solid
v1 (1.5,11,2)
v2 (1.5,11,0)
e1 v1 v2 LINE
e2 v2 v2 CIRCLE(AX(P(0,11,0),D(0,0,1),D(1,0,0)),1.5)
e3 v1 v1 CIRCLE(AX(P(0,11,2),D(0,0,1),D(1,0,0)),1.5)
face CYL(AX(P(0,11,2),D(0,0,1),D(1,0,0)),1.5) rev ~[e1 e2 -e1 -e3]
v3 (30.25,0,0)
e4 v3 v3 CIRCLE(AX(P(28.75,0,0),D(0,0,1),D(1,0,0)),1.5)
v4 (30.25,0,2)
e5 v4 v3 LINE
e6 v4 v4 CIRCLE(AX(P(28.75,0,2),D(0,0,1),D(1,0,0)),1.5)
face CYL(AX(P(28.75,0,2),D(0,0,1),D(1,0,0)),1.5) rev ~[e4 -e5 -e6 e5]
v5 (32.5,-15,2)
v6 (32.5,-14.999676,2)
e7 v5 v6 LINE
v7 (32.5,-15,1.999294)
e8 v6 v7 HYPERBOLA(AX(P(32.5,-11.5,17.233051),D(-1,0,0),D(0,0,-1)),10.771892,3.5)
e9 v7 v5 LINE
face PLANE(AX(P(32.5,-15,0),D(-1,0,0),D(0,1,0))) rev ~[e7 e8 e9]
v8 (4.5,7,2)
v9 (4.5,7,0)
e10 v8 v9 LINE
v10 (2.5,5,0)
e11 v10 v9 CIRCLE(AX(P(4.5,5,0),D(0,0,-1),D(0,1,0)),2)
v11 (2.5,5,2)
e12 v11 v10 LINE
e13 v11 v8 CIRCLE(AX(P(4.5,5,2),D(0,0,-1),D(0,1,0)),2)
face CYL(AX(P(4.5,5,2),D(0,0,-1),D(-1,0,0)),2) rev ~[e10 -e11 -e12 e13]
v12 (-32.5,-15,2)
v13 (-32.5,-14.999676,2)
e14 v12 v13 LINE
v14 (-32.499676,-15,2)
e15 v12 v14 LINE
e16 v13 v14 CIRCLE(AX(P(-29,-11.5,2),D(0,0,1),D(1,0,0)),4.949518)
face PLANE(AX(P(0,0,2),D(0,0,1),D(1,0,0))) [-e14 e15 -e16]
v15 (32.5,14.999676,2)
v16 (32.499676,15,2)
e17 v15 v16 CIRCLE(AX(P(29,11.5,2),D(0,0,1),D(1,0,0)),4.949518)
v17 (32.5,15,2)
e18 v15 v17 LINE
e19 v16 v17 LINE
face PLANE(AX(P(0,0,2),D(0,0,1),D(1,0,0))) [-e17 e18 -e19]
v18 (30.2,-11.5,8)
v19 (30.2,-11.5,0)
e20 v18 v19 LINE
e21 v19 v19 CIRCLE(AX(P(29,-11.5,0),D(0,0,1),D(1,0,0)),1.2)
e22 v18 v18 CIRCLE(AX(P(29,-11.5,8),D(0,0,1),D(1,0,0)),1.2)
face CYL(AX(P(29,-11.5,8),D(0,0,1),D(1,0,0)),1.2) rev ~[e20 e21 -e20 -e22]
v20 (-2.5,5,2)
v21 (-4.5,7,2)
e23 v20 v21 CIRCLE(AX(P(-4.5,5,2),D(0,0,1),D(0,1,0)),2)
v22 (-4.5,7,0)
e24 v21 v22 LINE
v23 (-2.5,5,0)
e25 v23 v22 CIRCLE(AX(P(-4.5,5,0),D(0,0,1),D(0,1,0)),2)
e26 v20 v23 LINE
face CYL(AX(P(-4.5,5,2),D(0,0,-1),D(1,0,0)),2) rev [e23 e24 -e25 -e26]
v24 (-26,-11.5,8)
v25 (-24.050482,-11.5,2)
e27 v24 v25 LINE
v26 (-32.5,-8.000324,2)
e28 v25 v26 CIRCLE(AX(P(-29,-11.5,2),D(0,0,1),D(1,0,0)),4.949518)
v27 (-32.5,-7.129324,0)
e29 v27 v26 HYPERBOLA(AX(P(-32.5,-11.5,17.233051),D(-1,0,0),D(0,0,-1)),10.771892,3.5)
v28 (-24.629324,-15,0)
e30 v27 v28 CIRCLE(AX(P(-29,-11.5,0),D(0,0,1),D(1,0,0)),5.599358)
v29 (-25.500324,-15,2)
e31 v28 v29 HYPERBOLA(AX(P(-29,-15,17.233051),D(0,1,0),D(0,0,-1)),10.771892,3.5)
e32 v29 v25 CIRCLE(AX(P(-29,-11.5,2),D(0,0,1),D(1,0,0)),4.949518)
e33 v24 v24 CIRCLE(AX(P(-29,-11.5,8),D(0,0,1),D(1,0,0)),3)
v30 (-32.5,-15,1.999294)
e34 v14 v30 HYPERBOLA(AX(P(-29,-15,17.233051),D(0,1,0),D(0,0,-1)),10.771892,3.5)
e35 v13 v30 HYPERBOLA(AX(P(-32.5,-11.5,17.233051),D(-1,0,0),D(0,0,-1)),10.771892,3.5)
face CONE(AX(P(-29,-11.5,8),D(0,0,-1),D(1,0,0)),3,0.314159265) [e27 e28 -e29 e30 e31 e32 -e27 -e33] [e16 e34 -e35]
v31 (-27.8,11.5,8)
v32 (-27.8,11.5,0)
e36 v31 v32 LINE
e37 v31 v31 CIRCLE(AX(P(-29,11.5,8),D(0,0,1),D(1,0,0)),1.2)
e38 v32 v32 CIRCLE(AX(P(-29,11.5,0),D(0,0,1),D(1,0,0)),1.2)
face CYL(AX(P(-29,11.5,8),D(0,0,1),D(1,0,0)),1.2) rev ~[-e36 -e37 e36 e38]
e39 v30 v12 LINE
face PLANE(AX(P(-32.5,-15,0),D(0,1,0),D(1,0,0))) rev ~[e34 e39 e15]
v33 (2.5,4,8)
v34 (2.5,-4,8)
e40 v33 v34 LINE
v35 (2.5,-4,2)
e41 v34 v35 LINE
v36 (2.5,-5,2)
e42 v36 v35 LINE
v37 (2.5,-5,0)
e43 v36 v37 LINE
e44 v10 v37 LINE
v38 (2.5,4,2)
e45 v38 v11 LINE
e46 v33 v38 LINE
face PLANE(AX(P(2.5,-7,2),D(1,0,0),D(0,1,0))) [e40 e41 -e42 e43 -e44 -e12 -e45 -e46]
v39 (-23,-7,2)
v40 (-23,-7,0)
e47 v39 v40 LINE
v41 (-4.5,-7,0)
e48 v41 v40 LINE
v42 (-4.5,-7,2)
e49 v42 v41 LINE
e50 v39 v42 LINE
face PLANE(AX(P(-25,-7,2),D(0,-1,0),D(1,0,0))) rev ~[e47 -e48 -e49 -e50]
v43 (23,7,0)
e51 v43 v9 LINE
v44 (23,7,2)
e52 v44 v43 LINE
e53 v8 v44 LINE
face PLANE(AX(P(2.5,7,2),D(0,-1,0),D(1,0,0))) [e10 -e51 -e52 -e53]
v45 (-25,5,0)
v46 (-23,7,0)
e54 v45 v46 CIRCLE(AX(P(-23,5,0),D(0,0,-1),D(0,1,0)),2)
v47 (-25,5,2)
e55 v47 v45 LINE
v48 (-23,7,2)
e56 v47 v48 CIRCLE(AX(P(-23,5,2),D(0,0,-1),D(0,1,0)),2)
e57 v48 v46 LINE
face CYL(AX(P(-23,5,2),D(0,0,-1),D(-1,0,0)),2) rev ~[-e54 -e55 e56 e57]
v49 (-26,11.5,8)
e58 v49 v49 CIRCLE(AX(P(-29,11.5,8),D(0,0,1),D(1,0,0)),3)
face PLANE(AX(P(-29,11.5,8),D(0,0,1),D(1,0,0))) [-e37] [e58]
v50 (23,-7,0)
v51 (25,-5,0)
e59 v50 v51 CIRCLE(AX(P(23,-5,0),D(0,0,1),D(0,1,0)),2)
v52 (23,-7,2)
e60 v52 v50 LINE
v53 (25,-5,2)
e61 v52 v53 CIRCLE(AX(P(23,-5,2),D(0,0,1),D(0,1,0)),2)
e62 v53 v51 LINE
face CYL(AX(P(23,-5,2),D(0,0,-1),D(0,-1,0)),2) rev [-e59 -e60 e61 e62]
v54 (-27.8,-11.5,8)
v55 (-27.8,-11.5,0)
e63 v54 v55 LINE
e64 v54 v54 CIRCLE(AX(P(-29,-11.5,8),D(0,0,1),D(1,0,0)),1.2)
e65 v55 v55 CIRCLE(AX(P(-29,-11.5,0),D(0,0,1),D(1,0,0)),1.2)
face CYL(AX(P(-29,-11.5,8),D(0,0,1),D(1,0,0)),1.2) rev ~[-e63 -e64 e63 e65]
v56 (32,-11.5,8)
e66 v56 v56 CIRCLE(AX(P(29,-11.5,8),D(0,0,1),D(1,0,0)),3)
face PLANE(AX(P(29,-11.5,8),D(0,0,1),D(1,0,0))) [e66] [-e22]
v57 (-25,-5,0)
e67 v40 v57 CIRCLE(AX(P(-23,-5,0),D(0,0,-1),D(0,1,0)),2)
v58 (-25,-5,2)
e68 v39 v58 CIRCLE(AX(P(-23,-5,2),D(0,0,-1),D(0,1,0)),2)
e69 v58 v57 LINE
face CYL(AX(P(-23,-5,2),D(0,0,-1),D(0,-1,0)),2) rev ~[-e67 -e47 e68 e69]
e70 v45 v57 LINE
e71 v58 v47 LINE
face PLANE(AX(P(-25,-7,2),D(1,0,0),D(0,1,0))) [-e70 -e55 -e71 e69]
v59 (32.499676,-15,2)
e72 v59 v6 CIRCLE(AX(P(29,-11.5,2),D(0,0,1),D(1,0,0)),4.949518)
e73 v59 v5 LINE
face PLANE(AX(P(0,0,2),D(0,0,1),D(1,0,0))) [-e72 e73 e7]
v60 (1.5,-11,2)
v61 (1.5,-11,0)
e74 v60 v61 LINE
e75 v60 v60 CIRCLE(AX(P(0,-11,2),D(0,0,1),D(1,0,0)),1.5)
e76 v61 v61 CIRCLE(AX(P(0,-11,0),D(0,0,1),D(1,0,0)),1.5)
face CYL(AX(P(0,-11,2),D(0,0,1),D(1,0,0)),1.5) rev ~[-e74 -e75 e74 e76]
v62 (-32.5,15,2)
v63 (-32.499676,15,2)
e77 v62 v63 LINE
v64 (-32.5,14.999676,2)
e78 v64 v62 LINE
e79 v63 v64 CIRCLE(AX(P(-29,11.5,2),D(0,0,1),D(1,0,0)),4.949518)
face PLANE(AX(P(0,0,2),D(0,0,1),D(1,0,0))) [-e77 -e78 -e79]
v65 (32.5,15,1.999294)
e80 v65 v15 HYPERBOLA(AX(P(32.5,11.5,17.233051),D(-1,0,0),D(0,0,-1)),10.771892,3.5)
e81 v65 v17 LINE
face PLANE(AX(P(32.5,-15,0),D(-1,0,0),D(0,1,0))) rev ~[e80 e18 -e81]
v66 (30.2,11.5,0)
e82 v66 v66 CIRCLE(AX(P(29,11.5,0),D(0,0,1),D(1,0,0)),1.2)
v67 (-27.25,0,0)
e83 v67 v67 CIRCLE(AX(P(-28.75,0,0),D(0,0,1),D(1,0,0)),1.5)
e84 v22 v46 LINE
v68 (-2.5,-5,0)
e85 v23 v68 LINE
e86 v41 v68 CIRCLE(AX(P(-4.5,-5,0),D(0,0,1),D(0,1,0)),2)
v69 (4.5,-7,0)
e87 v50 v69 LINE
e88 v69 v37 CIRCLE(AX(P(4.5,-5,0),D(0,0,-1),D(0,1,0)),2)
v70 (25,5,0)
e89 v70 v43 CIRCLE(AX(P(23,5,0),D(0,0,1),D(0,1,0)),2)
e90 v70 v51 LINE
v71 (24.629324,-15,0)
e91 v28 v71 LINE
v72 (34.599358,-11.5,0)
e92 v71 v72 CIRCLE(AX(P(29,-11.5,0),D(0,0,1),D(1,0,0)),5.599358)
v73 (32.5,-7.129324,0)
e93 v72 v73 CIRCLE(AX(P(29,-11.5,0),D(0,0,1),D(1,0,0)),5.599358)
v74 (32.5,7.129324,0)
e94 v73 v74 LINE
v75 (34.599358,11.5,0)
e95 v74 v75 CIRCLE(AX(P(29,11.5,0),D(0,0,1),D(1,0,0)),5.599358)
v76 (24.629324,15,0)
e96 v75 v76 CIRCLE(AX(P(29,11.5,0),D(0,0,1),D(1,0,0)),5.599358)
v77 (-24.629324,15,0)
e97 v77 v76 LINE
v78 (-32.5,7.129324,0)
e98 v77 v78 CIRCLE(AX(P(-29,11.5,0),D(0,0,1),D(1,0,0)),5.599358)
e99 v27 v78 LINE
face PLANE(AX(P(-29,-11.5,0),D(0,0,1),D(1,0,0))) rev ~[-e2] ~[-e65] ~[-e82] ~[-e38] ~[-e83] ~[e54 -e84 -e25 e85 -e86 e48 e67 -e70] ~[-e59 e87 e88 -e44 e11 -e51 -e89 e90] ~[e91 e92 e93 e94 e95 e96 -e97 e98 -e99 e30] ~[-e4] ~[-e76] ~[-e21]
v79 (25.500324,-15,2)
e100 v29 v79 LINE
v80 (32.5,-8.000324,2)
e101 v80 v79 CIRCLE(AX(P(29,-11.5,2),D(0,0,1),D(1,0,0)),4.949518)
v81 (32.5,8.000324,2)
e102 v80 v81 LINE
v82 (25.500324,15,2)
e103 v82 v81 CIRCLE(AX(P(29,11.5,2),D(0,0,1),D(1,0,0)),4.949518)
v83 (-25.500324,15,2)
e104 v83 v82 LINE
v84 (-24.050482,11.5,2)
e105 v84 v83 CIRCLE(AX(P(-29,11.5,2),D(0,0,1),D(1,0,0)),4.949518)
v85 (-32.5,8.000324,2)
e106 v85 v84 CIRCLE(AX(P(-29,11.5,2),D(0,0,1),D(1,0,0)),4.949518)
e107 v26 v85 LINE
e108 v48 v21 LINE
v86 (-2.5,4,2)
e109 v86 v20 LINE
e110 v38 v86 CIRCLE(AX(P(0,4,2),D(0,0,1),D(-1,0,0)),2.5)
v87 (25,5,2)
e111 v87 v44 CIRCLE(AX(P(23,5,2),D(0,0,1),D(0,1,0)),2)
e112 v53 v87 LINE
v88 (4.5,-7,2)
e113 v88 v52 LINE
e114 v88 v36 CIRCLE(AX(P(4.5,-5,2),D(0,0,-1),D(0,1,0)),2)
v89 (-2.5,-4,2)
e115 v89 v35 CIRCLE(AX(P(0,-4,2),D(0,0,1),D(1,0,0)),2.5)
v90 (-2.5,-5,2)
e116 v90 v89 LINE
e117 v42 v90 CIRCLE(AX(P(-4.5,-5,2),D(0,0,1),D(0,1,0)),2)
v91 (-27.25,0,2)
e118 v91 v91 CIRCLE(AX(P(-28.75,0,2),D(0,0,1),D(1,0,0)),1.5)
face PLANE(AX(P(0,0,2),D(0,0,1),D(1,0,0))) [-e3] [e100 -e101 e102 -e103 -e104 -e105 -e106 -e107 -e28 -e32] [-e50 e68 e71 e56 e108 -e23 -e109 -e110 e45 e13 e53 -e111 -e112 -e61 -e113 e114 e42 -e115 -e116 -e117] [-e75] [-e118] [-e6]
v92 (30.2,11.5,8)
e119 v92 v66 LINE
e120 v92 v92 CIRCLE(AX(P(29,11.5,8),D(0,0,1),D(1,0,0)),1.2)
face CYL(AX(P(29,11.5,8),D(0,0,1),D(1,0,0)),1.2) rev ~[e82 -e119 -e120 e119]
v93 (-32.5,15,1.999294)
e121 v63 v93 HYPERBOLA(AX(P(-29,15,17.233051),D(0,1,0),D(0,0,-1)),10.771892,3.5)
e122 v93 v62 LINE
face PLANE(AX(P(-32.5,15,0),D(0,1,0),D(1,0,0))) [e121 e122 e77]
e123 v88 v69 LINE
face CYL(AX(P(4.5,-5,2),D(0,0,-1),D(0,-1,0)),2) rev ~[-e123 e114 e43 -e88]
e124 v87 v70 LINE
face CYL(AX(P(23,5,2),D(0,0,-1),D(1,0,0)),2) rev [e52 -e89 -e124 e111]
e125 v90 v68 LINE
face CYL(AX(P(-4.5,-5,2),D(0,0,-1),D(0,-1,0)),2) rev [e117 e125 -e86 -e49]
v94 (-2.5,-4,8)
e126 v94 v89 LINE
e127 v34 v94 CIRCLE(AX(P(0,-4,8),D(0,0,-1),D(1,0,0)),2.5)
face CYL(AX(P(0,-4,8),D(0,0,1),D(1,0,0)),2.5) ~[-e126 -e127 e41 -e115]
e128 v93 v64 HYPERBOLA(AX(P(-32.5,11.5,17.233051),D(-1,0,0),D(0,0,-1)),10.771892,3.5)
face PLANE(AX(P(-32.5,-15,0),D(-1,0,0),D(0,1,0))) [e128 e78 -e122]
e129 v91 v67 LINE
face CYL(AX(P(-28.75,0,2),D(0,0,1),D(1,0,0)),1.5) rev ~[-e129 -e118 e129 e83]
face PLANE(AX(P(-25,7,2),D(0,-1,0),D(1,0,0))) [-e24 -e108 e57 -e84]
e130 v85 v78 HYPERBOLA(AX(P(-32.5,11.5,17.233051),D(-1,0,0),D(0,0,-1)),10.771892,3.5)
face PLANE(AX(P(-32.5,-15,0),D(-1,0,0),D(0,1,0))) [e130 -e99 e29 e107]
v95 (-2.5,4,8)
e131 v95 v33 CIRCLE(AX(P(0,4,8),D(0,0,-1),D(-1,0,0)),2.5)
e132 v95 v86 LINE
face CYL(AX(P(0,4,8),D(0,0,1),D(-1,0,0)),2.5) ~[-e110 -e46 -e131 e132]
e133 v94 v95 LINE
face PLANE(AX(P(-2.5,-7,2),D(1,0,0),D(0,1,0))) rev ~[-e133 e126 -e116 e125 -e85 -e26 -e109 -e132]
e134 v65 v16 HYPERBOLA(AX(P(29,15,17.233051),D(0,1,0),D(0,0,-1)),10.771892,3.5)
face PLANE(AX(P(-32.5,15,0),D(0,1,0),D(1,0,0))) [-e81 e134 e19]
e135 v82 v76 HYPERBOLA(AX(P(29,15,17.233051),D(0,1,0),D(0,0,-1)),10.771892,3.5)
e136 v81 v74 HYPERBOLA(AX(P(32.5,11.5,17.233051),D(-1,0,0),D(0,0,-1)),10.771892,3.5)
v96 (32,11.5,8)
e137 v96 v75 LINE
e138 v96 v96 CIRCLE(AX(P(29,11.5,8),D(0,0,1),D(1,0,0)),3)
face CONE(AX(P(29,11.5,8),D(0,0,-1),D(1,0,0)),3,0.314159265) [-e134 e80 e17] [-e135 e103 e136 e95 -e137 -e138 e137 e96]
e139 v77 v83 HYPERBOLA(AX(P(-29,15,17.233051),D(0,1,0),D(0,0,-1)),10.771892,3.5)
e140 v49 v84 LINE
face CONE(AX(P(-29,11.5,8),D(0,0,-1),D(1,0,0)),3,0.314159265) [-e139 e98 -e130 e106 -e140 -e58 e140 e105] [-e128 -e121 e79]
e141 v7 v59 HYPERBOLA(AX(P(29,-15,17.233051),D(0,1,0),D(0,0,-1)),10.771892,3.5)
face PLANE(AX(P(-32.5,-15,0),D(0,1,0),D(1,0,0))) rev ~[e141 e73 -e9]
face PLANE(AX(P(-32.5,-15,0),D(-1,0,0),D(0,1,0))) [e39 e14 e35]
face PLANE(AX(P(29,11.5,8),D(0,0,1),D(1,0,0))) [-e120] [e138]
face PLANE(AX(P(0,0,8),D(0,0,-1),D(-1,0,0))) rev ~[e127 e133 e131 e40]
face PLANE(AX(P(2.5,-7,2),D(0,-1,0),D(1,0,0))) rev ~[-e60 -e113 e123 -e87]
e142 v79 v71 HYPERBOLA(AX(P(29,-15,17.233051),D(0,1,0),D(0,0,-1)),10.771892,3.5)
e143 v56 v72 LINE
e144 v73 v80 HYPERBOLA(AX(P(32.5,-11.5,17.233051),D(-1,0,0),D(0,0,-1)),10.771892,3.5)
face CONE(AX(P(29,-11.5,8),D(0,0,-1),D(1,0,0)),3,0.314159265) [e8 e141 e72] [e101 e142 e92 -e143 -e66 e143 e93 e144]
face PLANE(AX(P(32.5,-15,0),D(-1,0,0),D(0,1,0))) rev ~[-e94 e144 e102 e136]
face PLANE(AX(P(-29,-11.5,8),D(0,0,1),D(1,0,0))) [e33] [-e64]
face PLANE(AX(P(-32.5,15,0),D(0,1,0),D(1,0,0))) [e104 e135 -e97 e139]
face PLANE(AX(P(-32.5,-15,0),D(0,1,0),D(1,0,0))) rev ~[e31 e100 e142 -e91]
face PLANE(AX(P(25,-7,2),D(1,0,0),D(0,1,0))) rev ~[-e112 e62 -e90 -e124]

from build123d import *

# Parameters (mm, degrees)
ESQUISSE1_W                  = 65
ESQUISSE1_H                  = 30
BOSS_EXTRU_1_DEPTH           = 2
ESQUISSE2_R                  = 3
BOSS_EXTRU_2_DEPTH           = 8
BOSS_EXTRU_2_DRAFT           = 18
BOSS_EXTRU_2_PROFILE_2_DEPTH = 8
BOSS_EXTRU_2_PROFILE_2_DRAFT = 18
BOSS_EXTRU_2_PROFILE_3_DEPTH = 8
BOSS_EXTRU_2_PROFILE_3_DRAFT = 18
BOSS_EXTRU_2_PROFILE_4_DEPTH = 8
BOSS_EXTRU_2_PROFILE_4_DRAFT = 18
ENL_V_MAT_EXTRU_2_REACH      = 41.058
ESQUISSE4_W                  = 22.5
ESQUISSE4_H                  = 14
ENL_V_MAT_EXTRU_3_REACH      = 41.058
ESQUISSE5_R                  = 1.5
CONG_1_R                     = 2
BOSS_EXTRU_3_REACH           = 41.415
ENL_V_MAT_EXTRU_4_REACH      = 41.415
ESQUISSE7_R                  = 1.2


with BuildPart() as part:
    # Esquisse1 → Boss.-Extru.1 (new body)
    with BuildSketch(Plane.XY):
        Rectangle(ESQUISSE1_W, ESQUISSE1_H)
    extrude(amount=BOSS_EXTRU_1_DEPTH)


with BuildPart() as boss_extru_2_tool:
    # Esquisse2 → Boss.-Extru.2 (with draft: the straight prism first)
    with BuildSketch(Plane.XY.offset(8)):
        with Locations((-29, 11.5)):
            Circle(ESQUISSE2_R)
    extrude(amount=-BOSS_EXTRU_2_DEPTH)
    # Boss.-Extru.2: the draft: its side faces are tilted about the plane it starts from
    boss_extru_2_sides = [boss_extru_2_tool.faces().sort_by_distance(p)[0] for p in [
        (-32, 11.5, 4),
    ]]
    draft(boss_extru_2_sides, Plane.XY.offset(8), BOSS_EXTRU_2_DRAFT)


with BuildPart() as part_1:
    add(part.part)

    # Boss.-Extru.2: add boss_extru_2_tool
    add(boss_extru_2_tool.part)


with BuildPart() as boss_extru_2_profile_2_tool:
    # Esquisse2 → Boss.-Extru.2 profile 2 (with draft: the straight prism first)
    with BuildSketch(Plane.XY.offset(8)):
        with Locations((29, 11.5)):
            Circle(ESQUISSE2_R)
    extrude(amount=-BOSS_EXTRU_2_PROFILE_2_DEPTH)
    # Boss.-Extru.2 profile 2: the draft: its side faces are tilted about the plane it starts from
    boss_extru_2_profile_2_sides = [boss_extru_2_profile_2_tool.faces().sort_by_distance(p)[0] for p in [
        (26, 11.5, 4),
    ]]
    draft(boss_extru_2_profile_2_sides, Plane.XY.offset(8), BOSS_EXTRU_2_PROFILE_2_DRAFT)


with BuildPart() as part_2:
    add(part_1.part)

    # Boss.-Extru.2 profile 2: add boss_extru_2_profile_2_tool
    add(boss_extru_2_profile_2_tool.part)


with BuildPart() as boss_extru_2_profile_3_tool:
    # Esquisse2 → Boss.-Extru.2 profile 3 (with draft: the straight prism first)
    with BuildSketch(Plane.XY.offset(8)):
        with Locations((29, -11.5)):
            Circle(ESQUISSE2_R)
    extrude(amount=-BOSS_EXTRU_2_PROFILE_3_DEPTH)
    # Boss.-Extru.2 profile 3: the draft: its side faces are tilted about the plane it starts from
    boss_extru_2_profile_3_sides = [boss_extru_2_profile_3_tool.faces().sort_by_distance(p)[0] for p in [
        (26, -11.5, 4),
    ]]
    draft(boss_extru_2_profile_3_sides, Plane.XY.offset(8), BOSS_EXTRU_2_PROFILE_3_DRAFT)


with BuildPart() as part_3:
    add(part_2.part)

    # Boss.-Extru.2 profile 3: add boss_extru_2_profile_3_tool
    add(boss_extru_2_profile_3_tool.part)


with BuildPart() as boss_extru_2_profile_4_tool:
    # Esquisse2 → Boss.-Extru.2 profile 4 (with draft: the straight prism first)
    with BuildSketch(Plane.XY.offset(8)):
        with Locations((-29, -11.5)):
            Circle(ESQUISSE2_R)
    extrude(amount=-BOSS_EXTRU_2_PROFILE_4_DEPTH)
    # Boss.-Extru.2 profile 4: the draft: its side faces are tilted about the plane it starts from
    boss_extru_2_profile_4_sides = [boss_extru_2_profile_4_tool.faces().sort_by_distance(p)[0] for p in [
        (-32, -11.5, 4),
    ]]
    draft(boss_extru_2_profile_4_sides, Plane.XY.offset(8), BOSS_EXTRU_2_PROFILE_4_DRAFT)


with BuildPart() as part_4:
    add(part_3.part)

    # Boss.-Extru.2 profile 4: add boss_extru_2_profile_4_tool
    add(boss_extru_2_profile_4_tool.part)

    # Esquisse4 → Enlèv. mat.-Extru.2 (cut, up to next)
    with BuildSketch(Plane.XY.offset(2), mode=Mode.PRIVATE) as enl_v_mat_extru_2_sk1:
        with Locations((13.75, 0)):
            Rectangle(ESQUISSE4_W, ESQUISSE4_H)
    enl_v_mat_extru_2_tool1 = extrude(enl_v_mat_extru_2_sk1.sketch, amount=-ENL_V_MAT_EXTRU_2_REACH, mode=Mode.PRIVATE) & part_4.part
    # Esquisse4 → Enlèv. mat.-Extru.2 (cut, up to next)
    with BuildSketch(Plane.XY.offset(2), mode=Mode.PRIVATE) as enl_v_mat_extru_2_sk2:
        with Locations((-13.75, 0)):
            Rectangle(ESQUISSE4_W, ESQUISSE4_H)
    enl_v_mat_extru_2_tool2 = extrude(enl_v_mat_extru_2_sk2.sketch, amount=-ENL_V_MAT_EXTRU_2_REACH, mode=Mode.PRIVATE) & part_4.part
    add(enl_v_mat_extru_2_tool1.solids().sort_by_distance((13.75, 0, 2))[0], mode=Mode.SUBTRACT)
    add(enl_v_mat_extru_2_tool2.solids().sort_by_distance((-13.75, 0, 2))[0], mode=Mode.SUBTRACT)

    # Esquisse5 → Enlèv. mat.-Extru.3 (cut, up to next)
    with BuildSketch(Plane.XY.offset(2), mode=Mode.PRIVATE) as enl_v_mat_extru_3_sk1:
        with Locations((-28.75, 0)):
            Circle(ESQUISSE5_R)
    enl_v_mat_extru_3_tool1 = extrude(enl_v_mat_extru_3_sk1.sketch, amount=-ENL_V_MAT_EXTRU_3_REACH, mode=Mode.PRIVATE) & part_4.part
    # Esquisse5 → Enlèv. mat.-Extru.3 (cut, up to next)
    with BuildSketch(Plane.XY.offset(2), mode=Mode.PRIVATE) as enl_v_mat_extru_3_sk2:
        with Locations((0, 11)):
            Circle(ESQUISSE5_R)
    enl_v_mat_extru_3_tool2 = extrude(enl_v_mat_extru_3_sk2.sketch, amount=-ENL_V_MAT_EXTRU_3_REACH, mode=Mode.PRIVATE) & part_4.part
    # Esquisse5 → Enlèv. mat.-Extru.3 (cut, up to next)
    with BuildSketch(Plane.XY.offset(2), mode=Mode.PRIVATE) as enl_v_mat_extru_3_sk3:
        with Locations((0, -11)):
            Circle(ESQUISSE5_R)
    enl_v_mat_extru_3_tool3 = extrude(enl_v_mat_extru_3_sk3.sketch, amount=-ENL_V_MAT_EXTRU_3_REACH, mode=Mode.PRIVATE) & part_4.part
    # Esquisse5 → Enlèv. mat.-Extru.3 (cut, up to next)
    with BuildSketch(Plane.XY.offset(2), mode=Mode.PRIVATE) as enl_v_mat_extru_3_sk4:
        with Locations((28.75, 0)):
            Circle(ESQUISSE5_R)
    enl_v_mat_extru_3_tool4 = extrude(enl_v_mat_extru_3_sk4.sketch, amount=-ENL_V_MAT_EXTRU_3_REACH, mode=Mode.PRIVATE) & part_4.part
    add(enl_v_mat_extru_3_tool1.solids().sort_by_distance((-28.75, 0, 2))[0], mode=Mode.SUBTRACT)
    add(enl_v_mat_extru_3_tool2.solids().sort_by_distance((0, 11, 2))[0], mode=Mode.SUBTRACT)
    add(enl_v_mat_extru_3_tool3.solids().sort_by_distance((0, -11, 2))[0], mode=Mode.SUBTRACT)
    add(enl_v_mat_extru_3_tool4.solids().sort_by_distance((28.75, 0, 2))[0], mode=Mode.SUBTRACT)

    # Congé1
    cong_1_edges = [part_4.edges().sort_by_distance(p)[0] for p in [
        (-2.5, 7, 1),
        (-2.5, -7, 1),
        (-25, -7, 1),
        (-25, 7, 1),
        (25, 7, 1),
        (25, -7, 1),
        (2.5, -7, 1),
        (2.5, 7, 1),
    ]]
    fillet(cong_1_edges, radius=CONG_1_R)

    # Esquisse6 → Boss.-Extru.3 (add, up to next)
    with BuildSketch(Plane.XY.offset(8), mode=Mode.PRIVATE) as boss_extru_3_sk1:
        with BuildLine():
            Line((-2.5, -4), (-2.5, 4))
            ThreePointArc((-2.5, 4), (0, 6.5), (2.5, 4))
            Line((2.5, 4), (2.5, -4))
            ThreePointArc((2.5, -4), (0, -6.5), (-2.5, -4))
        make_face()
    boss_extru_3_tool1 = extrude(boss_extru_3_sk1.sketch, amount=-BOSS_EXTRU_3_REACH, mode=Mode.PRIVATE) - part_4.part
    add(boss_extru_3_tool1.solids().sort_by_distance((0, 0, 8))[0])

    # Esquisse7 → Enlèv. mat.-Extru.4 (cut, up to next)
    with BuildSketch(Plane.XY.offset(8), mode=Mode.PRIVATE) as enl_v_mat_extru_4_sk1:
        with Locations((-29, 11.5)):
            Circle(ESQUISSE7_R)
    enl_v_mat_extru_4_tool1 = extrude(enl_v_mat_extru_4_sk1.sketch, amount=-ENL_V_MAT_EXTRU_4_REACH, mode=Mode.PRIVATE) & part_4.part
    # Esquisse7 → Enlèv. mat.-Extru.4 (cut, up to next)
    with BuildSketch(Plane.XY.offset(8), mode=Mode.PRIVATE) as enl_v_mat_extru_4_sk2:
        with Locations((29, 11.5)):
            Circle(ESQUISSE7_R)
    enl_v_mat_extru_4_tool2 = extrude(enl_v_mat_extru_4_sk2.sketch, amount=-ENL_V_MAT_EXTRU_4_REACH, mode=Mode.PRIVATE) & part_4.part
    # Esquisse7 → Enlèv. mat.-Extru.4 (cut, up to next)
    with BuildSketch(Plane.XY.offset(8), mode=Mode.PRIVATE) as enl_v_mat_extru_4_sk3:
        with Locations((29, -11.5)):
            Circle(ESQUISSE7_R)
    enl_v_mat_extru_4_tool3 = extrude(enl_v_mat_extru_4_sk3.sketch, amount=-ENL_V_MAT_EXTRU_4_REACH, mode=Mode.PRIVATE) & part_4.part
    # Esquisse7 → Enlèv. mat.-Extru.4 (cut, up to next)
    with BuildSketch(Plane.XY.offset(8), mode=Mode.PRIVATE) as enl_v_mat_extru_4_sk4:
        with Locations((-29, -11.5)):
            Circle(ESQUISSE7_R)
    enl_v_mat_extru_4_tool4 = extrude(enl_v_mat_extru_4_sk4.sketch, amount=-ENL_V_MAT_EXTRU_4_REACH, mode=Mode.PRIVATE) & part_4.part
    add(enl_v_mat_extru_4_tool1.solids().sort_by_distance((-29, 11.5, 8))[0], mode=Mode.SUBTRACT)
    add(enl_v_mat_extru_4_tool2.solids().sort_by_distance((29, 11.5, 8))[0], mode=Mode.SUBTRACT)
    add(enl_v_mat_extru_4_tool3.solids().sort_by_distance((29, -11.5, 8))[0], mode=Mode.SUBTRACT)
    add(enl_v_mat_extru_4_tool4.solids().sort_by_distance((-29, -11.5, 8))[0], mode=Mode.SUBTRACT)


solid = part_4.part
